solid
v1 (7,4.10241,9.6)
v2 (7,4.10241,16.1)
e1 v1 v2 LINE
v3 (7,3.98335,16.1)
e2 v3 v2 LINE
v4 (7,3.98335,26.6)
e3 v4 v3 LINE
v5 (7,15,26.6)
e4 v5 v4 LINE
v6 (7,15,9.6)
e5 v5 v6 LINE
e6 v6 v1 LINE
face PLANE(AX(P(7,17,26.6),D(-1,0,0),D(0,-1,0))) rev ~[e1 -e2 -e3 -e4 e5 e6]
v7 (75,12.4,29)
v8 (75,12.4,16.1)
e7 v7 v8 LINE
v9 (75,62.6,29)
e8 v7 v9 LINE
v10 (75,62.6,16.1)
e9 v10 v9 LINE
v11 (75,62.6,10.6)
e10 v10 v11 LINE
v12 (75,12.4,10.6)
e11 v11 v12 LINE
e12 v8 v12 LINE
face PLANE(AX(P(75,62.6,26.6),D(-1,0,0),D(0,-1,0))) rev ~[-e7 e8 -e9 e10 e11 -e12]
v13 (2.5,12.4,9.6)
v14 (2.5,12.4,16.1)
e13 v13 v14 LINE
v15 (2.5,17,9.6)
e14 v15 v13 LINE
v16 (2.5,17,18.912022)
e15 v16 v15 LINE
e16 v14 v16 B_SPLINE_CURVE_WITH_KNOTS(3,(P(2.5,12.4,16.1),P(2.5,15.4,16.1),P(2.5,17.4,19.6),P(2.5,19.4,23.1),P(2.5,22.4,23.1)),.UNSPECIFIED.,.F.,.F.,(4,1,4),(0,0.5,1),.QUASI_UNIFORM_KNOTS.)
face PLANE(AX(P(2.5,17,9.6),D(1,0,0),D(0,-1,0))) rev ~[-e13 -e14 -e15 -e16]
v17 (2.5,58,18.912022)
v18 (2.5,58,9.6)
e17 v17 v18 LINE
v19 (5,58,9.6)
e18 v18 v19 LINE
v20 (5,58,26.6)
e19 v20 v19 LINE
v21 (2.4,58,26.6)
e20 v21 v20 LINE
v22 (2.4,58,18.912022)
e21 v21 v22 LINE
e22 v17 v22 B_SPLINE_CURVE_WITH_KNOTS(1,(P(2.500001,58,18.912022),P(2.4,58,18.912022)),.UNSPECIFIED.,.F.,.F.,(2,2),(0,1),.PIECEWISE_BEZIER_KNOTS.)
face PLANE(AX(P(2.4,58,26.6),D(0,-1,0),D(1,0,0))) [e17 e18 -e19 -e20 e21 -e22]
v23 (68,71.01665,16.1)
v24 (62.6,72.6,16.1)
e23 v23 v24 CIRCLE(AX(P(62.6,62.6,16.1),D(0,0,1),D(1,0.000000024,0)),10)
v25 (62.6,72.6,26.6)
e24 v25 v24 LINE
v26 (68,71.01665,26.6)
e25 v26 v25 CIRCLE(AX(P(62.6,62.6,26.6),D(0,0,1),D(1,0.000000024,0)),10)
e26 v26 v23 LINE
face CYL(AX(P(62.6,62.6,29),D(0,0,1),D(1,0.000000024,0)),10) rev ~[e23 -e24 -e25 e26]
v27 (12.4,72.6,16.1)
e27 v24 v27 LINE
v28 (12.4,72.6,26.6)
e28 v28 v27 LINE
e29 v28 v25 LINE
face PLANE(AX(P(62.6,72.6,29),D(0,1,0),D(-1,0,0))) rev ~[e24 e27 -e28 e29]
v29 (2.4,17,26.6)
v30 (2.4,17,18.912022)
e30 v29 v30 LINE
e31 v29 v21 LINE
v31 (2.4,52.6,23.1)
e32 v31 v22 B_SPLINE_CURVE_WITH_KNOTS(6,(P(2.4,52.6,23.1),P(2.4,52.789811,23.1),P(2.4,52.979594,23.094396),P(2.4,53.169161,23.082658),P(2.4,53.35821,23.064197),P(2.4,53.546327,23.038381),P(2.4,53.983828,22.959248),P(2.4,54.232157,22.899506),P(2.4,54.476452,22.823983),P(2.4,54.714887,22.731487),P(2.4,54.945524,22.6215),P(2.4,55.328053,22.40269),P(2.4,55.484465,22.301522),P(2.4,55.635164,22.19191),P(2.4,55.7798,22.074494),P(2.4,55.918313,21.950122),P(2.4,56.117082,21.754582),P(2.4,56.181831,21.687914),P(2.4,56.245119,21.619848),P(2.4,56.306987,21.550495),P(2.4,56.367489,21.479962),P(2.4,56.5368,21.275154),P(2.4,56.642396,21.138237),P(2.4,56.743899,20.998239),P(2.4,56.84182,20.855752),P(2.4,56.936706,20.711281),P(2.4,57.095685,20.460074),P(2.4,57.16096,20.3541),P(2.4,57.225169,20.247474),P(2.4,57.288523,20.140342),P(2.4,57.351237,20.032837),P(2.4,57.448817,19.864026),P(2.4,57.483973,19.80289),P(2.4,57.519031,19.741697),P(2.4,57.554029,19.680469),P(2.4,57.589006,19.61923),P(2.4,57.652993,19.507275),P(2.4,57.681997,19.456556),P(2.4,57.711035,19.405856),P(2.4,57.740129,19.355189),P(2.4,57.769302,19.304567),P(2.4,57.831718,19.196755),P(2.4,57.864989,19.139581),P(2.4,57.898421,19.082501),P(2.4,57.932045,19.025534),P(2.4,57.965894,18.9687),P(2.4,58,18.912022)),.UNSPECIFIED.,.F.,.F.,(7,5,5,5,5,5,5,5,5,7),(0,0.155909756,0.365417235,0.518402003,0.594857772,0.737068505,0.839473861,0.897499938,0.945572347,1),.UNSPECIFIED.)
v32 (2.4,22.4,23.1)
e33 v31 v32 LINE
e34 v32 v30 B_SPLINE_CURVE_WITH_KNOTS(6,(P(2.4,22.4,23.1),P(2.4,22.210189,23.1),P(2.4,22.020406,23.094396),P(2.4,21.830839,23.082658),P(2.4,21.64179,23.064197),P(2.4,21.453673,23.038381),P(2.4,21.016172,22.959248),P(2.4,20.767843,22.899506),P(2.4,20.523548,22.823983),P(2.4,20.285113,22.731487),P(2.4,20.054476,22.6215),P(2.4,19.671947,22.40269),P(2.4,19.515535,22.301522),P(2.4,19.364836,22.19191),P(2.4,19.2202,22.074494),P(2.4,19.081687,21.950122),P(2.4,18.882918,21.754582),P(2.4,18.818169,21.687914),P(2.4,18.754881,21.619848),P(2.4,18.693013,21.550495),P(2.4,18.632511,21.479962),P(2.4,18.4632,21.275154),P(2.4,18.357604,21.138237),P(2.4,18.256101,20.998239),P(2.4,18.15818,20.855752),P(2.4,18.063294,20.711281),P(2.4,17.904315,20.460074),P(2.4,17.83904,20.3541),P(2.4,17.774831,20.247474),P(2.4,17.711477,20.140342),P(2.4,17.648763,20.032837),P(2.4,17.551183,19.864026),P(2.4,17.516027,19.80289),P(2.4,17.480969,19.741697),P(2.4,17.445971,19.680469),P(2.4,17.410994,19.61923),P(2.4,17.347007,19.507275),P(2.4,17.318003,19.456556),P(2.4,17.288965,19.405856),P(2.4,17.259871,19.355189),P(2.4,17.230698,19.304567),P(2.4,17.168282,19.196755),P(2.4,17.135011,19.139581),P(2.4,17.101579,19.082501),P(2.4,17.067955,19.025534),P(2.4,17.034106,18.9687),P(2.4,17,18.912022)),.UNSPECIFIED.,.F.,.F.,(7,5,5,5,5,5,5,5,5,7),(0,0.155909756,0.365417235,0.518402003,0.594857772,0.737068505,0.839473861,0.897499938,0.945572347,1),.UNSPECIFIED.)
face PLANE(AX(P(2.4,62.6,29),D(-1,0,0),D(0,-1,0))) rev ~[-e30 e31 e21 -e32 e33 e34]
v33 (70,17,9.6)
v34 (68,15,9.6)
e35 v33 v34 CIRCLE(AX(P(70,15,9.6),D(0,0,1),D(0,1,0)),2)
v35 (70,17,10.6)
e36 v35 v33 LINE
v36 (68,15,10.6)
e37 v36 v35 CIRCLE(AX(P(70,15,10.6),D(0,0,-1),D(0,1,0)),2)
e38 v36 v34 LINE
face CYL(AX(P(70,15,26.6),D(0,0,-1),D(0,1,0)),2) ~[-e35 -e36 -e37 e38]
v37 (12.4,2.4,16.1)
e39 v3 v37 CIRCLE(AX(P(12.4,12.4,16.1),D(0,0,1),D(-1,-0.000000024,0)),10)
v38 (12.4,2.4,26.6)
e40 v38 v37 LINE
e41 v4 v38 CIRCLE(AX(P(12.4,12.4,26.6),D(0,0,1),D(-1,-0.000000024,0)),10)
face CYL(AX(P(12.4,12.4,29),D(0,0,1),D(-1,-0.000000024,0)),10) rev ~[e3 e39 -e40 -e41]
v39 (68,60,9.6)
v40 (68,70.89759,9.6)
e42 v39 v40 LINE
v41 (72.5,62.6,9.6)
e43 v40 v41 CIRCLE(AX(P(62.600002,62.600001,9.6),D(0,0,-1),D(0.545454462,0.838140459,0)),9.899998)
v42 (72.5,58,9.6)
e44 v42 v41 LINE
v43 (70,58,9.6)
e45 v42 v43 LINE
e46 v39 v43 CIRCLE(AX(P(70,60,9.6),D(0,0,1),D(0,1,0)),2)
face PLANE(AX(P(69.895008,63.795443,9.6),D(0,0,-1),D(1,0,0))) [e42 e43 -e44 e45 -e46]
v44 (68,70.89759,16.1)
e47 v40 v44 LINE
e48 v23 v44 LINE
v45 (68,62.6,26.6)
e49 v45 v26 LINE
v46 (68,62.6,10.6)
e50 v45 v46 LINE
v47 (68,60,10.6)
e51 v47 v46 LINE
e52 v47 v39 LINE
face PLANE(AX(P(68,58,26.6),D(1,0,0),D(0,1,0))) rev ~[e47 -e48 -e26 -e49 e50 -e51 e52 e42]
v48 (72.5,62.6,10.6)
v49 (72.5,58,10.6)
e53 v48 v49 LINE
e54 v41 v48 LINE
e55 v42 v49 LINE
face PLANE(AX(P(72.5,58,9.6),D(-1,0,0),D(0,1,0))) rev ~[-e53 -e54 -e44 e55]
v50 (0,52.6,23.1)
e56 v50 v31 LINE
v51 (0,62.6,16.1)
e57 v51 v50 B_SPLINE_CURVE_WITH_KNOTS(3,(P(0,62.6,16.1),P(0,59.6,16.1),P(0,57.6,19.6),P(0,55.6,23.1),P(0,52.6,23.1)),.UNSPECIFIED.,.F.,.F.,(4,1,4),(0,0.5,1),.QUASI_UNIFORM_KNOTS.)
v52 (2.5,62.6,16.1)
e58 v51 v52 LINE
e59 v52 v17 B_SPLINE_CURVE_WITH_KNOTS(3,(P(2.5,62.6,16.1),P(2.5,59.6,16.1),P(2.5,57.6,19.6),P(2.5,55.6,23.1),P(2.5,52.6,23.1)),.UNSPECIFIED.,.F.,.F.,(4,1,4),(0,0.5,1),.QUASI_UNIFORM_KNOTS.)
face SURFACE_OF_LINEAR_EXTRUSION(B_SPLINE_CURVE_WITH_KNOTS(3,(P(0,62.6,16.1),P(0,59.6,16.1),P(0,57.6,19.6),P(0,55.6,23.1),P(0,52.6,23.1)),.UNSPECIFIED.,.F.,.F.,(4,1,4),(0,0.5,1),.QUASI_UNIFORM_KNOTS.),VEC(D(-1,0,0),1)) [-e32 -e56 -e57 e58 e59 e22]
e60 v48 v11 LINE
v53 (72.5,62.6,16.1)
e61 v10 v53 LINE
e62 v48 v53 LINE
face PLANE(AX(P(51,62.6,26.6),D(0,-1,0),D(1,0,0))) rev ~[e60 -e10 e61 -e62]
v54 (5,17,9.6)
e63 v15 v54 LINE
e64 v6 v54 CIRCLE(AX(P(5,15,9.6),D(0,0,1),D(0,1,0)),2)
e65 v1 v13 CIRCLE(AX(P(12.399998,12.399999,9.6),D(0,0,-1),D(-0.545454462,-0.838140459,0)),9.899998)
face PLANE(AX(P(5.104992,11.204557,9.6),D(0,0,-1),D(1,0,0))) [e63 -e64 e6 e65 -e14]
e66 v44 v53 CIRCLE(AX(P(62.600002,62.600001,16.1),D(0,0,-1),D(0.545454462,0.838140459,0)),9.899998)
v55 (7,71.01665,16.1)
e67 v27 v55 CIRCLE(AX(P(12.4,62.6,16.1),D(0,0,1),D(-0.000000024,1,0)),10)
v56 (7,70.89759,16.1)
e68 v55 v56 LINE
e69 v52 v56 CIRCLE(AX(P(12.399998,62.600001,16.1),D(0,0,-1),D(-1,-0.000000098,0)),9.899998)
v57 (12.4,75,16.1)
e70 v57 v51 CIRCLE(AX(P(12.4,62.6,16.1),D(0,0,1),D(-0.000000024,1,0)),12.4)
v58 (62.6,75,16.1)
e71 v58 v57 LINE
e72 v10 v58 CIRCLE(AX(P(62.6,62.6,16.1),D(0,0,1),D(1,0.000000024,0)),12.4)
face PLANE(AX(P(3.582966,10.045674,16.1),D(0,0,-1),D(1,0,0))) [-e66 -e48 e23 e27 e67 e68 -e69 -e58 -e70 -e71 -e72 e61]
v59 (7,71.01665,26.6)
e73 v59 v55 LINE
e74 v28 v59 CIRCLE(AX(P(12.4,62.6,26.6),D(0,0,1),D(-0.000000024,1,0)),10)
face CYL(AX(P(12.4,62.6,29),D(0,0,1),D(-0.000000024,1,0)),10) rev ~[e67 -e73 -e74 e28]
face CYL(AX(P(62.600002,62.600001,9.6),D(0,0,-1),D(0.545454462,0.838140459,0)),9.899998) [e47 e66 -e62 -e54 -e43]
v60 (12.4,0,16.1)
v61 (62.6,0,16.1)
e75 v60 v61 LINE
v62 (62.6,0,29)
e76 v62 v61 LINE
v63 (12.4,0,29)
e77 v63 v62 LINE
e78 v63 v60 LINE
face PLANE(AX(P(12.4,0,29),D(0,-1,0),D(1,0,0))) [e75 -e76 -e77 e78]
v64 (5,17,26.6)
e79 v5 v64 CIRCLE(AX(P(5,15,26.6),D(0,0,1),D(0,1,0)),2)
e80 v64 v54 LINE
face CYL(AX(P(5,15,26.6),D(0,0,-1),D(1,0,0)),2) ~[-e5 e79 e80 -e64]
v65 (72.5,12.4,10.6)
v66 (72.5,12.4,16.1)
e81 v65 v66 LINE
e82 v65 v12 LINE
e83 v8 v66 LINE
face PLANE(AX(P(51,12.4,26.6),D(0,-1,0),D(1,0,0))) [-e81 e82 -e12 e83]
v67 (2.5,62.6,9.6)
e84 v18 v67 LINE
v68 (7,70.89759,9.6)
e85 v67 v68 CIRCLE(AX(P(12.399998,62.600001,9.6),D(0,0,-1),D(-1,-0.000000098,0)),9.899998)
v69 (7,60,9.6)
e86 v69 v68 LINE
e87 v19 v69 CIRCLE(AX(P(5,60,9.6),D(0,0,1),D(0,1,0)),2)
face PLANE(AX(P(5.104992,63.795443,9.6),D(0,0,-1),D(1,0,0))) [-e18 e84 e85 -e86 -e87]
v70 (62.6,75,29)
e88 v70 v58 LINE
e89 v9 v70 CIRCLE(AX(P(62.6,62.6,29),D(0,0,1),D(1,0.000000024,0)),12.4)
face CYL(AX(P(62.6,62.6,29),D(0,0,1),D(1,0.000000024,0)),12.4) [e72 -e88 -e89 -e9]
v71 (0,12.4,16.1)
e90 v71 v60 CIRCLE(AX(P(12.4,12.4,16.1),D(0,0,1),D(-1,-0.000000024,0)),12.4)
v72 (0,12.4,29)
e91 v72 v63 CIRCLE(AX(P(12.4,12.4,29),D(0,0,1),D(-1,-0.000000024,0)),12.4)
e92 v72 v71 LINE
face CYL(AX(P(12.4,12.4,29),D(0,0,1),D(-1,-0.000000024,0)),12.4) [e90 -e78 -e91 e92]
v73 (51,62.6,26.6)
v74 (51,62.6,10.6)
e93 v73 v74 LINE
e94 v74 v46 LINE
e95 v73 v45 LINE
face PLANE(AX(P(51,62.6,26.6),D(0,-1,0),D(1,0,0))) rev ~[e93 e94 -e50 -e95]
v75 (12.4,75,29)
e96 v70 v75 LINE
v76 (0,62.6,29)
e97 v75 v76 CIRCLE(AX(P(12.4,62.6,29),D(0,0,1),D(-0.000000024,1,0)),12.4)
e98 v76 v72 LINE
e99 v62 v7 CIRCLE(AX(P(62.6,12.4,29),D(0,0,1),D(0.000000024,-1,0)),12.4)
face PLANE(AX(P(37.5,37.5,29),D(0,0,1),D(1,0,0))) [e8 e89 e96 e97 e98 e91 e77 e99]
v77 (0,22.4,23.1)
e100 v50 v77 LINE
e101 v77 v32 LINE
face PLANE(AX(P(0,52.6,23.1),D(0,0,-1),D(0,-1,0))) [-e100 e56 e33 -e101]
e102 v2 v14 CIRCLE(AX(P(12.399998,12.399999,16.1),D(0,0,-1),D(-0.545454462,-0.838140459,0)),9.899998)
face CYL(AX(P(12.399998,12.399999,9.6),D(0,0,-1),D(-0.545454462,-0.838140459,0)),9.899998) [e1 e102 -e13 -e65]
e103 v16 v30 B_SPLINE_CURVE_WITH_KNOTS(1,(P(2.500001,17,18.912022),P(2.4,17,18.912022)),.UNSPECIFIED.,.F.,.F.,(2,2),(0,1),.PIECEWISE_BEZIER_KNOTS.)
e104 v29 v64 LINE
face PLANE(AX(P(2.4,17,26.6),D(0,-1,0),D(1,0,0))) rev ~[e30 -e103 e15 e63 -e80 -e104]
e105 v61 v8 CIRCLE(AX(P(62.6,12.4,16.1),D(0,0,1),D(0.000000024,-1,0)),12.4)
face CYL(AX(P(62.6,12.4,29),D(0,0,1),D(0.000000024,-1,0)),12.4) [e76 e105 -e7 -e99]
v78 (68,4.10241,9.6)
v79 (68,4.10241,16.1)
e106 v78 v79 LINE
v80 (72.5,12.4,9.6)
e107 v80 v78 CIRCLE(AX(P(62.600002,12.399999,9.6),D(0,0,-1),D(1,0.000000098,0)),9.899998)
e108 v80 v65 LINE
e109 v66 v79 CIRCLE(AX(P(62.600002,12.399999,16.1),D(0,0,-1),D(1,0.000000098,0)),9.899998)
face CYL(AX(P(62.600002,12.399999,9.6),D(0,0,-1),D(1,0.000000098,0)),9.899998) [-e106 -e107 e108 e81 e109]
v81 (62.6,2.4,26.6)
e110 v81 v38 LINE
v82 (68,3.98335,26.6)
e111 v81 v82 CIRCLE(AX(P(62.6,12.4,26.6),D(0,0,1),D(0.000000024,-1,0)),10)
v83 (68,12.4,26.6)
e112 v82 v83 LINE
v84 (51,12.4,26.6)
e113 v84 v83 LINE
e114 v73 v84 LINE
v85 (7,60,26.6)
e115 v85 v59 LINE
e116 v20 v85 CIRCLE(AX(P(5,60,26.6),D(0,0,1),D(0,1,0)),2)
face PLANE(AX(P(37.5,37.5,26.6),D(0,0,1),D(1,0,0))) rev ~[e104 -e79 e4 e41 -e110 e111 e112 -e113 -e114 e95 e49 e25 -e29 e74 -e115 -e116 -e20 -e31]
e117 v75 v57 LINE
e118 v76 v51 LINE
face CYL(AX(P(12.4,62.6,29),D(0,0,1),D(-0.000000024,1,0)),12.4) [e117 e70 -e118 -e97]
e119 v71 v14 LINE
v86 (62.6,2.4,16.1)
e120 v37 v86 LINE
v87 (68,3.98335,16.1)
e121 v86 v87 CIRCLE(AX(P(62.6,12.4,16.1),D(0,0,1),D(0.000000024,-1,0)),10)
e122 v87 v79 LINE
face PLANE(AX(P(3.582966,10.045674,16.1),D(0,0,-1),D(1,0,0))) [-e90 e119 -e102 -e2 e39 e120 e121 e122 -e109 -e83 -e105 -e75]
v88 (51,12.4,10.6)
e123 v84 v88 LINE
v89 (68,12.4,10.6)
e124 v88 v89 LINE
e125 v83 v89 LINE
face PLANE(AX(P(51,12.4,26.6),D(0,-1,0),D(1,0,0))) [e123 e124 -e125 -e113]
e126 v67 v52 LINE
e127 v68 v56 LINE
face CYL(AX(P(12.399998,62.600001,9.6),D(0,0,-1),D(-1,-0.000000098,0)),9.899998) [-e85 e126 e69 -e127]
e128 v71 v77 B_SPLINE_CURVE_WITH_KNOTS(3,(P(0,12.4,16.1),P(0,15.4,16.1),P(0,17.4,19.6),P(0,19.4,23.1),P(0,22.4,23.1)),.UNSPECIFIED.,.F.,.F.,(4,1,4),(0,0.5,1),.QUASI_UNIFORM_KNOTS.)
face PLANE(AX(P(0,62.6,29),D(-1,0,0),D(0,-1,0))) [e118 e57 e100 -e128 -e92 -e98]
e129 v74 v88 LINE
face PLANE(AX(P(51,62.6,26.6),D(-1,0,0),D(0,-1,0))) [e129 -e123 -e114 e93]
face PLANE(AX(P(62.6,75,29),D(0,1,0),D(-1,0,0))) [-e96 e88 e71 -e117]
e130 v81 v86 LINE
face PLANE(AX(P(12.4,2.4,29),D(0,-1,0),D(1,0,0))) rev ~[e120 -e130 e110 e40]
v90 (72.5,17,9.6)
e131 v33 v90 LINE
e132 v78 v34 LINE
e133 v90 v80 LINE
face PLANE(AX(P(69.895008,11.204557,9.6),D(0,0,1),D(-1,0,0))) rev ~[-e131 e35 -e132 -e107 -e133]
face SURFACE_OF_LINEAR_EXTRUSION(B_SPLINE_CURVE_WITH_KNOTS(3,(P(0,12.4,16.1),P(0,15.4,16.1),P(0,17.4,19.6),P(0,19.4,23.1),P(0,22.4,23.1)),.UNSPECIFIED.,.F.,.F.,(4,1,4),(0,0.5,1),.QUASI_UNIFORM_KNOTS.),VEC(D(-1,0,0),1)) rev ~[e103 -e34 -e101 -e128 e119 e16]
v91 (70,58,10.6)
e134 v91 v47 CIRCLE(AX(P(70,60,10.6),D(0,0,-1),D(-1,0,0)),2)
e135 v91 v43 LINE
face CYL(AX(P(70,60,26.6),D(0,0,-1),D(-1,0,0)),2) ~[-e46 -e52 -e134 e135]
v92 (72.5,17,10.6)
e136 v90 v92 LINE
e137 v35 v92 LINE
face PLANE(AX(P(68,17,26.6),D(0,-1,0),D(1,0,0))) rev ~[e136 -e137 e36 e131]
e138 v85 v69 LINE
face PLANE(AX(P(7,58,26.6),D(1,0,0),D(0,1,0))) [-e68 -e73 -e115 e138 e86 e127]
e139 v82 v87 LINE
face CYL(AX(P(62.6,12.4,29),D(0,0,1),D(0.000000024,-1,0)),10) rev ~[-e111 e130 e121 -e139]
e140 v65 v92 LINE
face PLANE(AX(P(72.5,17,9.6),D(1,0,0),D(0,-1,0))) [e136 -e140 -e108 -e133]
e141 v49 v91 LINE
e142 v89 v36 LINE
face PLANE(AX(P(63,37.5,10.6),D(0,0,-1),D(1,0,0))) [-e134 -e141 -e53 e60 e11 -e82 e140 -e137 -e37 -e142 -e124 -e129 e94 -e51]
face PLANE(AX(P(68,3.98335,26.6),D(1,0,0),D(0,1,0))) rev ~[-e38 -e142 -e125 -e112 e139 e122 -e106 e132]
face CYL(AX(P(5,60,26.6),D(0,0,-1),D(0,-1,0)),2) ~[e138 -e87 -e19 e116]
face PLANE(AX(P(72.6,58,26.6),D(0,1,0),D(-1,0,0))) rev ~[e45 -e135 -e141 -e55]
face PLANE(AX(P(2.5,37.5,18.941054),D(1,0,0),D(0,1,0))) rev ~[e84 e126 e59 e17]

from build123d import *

# Parameters (mm, degrees)
PAD006_DEPTH    = 12.9
THICKNESS_T     = -2.4
PAD007_DEPTH    = 17
FILLET004_R     = 2
POCKET007_DEPTH = 6.5
POCKET008_DEPTH = 6.5
POCKET009_DEPTH = 6.5
POCKET010_DEPTH = 2.5
SKETCH020_W     = 24
SKETCH020_H     = 50.2
PAD008_DEPTH    = 16


with BuildPart() as part:
    # Sketch013 → Pad006 (new body)
    with BuildSketch(Plane.XY):
        with BuildLine():
            Line((12.4, 0), (62.6, 0))
            ThreePointArc((62.6, 0), (71.368124, 3.631876), (75, 12.4))
            Line((75, 12.4), (75, 62.6))
            ThreePointArc((75, 62.6), (71.368124, 71.368124), (62.6, 75))
            Line((62.6, 75), (12.4, 75))
            ThreePointArc((12.4, 75), (3.631876, 71.368124), (0, 62.6))
            Line((0, 62.6), (0, 12.4))
            ThreePointArc((0, 12.4), (3.631876, 3.631876), (12.4, 0))
        make_face()
    extrude(amount=-PAD006_DEPTH)

    # Thickness
    thickness_openings = [part.faces().sort_by_distance(p)[0] for p in [
        (37.5, 37.5, -12.9),
    ]]
    offset(amount=THICKNESS_T, openings=thickness_openings)

    # Sketch014 (on Face19 of Thickness) → Pad007 (join)
    with BuildSketch(Plane(origin=(0, 0, -2.4), x_dir=(1, 0, 0), z_dir=(0, 0, -1))):
        with BuildLine():
            Line((7, -12.4), (7, -3.98335))
            ThreePointArc((7, -3.98335), (3.625036, -7.604168), (2.4, -12.4))
            Line((2.4, -12.4), (2.4, -17))
            Line((2.4, -17), (7, -17))
            Line((7, -17), (7, -12.4))
        make_face()
        with BuildLine():
            Line((68, -12.4), (68, -3.98335))
            ThreePointArc((72.6, -12.4), (71.374964, -7.604168), (68, -3.98335))
            Line((72.6, -17), (72.6, -12.4))
            Line((68, -17), (72.6, -17))
            Line((68, -12.4), (68, -17))
        make_face()
        with BuildLine():
            Line((68, -62.6), (68, -71.01665))
            ThreePointArc((68, -71.01665), (71.374964, -67.395832), (72.6, -62.6))
            Line((72.6, -58), (72.6, -62.6))
            Line((72.6, -58), (68, -58))
            Line((68, -58), (68, -62.6))
        make_face()
        with BuildLine():
            Line((7, -62.6), (7, -71.01665))
            ThreePointArc((2.4, -62.6), (3.625036, -67.395832), (7, -71.01665))
            Line((2.4, -62.6), (2.4, -58))
            Line((2.4, -58), (7, -58))
            Line((7, -58), (7, -62.6))
        make_face()
    extrude(amount=PAD007_DEPTH)

    # Fillet004
    fillet004_edges = [part.edges().sort_by_distance(p)[0] for p in [
        (68, 58, -10.9),
        (68, 17, -10.9),
        (7, 58, -10.9),
        (7, 17, -10.9),
    ]]
    fillet(fillet004_edges, radius=FILLET004_R)

    # Sketch015 (on Face22 of Fillet004) → Pocket007 (cut)
    with BuildSketch(Plane(origin=(0, 0, -19.4), x_dir=(1, 0, 0), z_dir=(0, 0, -1))):
        with BuildLine():
            Line((2.4, -17), (2.5, -17))
            Line((2.5, -17), (2.5, -12.4))
            ThreePointArc((7, -4.10241), (3.697414, -7.68036), (2.5, -12.4))
            Line((7, -3.98335), (7, -4.10241))
            ThreePointArc((7, -3.98335), (3.625036, -7.604168), (2.4, -12.4))
            Line((2.4, -17), (2.4, -12.4))
        make_face()
        with BuildLine():
            Line((72.6, -17), (72.6, -12.4))
            ThreePointArc((72.6, -12.4), (71.374964, -7.604168), (68, -3.98335))
            Line((68, -3.98335), (68, -4.10241))
            ThreePointArc((72.5, -12.4), (71.302586, -7.68036), (68, -4.10241))
            Line((72.5, -17), (72.5, -12.4))
            Line((72.6, -17), (72.5, -17))
        make_face()
    extrude(amount=-POCKET007_DEPTH, mode=Mode.SUBTRACT)

    # Sketch016 (on Face41 of Pocket007) → Pocket008 (cut)
    with BuildSketch(Plane(origin=(0, 0, -19.4), x_dir=(1, 0, 0), z_dir=(0, 0, -1))):
        with BuildLine():
            Line((72.6, -58), (72.6, -62.6))
            ThreePointArc((68, -71.01665), (71.374964, -67.395832), (72.6, -62.6))
            Line((68, -71.01665), (68, -70.89759))
            ThreePointArc((68, -70.89759), (71.302586, -67.31964), (72.5, -62.6))
            Line((72.5, -58), (72.5, -62.6))
            Line((72.6, -58), (72.5, -58))
        make_face()
    extrude(amount=-POCKET008_DEPTH, mode=Mode.SUBTRACT)

    # Sketch017 (on Face31 of Pocket008) → Pocket009 (cut)
    with BuildSketch(Plane(origin=(0, 0, -19.4), x_dir=(1, 0, 0), z_dir=(0, 0, -1))):
        with BuildLine():
            ThreePointArc((2.4, -62.6), (3.625036, -67.395832), (7, -71.01665))
            Line((7, -71.01665), (7, -70.89759))
            ThreePointArc((2.5, -62.6), (3.697414, -67.31964), (7, -70.89759))
            Line((2.5, -58), (2.5, -62.6))
            Line((2.4, -58), (2.5, -58))
            Line((2.4, -58), (2.4, -62.6))
        make_face()
    extrude(amount=-POCKET009_DEPTH, mode=Mode.SUBTRACT)

    # Sketch019 (on Face5 of Pocket009) → Pocket010 (cut)
    with BuildSketch(Plane(origin=(0, 0, 0), x_dir=(0, -1, 0), z_dir=(-1, 0, 0))):
        with BuildLine():
            Line((-12.4, -12.9), (-62.6, -12.9))
            add(Edge.make_bspline(
                [(-62.6, -12.9), (-59.6, -12.9), (-57.6, -9.4), (-55.6, -5.9), (-52.6, -5.9)],
                knots=[0, 0, 0, 0, 0.5, 1, 1, 1, 1], degree=3))
            Line((-52.6, -5.9), (-22.4, -5.9))
            add(Edge.make_bspline(
                [(-12.4, -12.9), (-15.4, -12.9), (-17.4, -9.4), (-19.4, -5.9), (-22.4, -5.9)],
                knots=[0, 0, 0, 0, 0.5, 1, 1, 1, 1], degree=3))
        make_face()
    extrude(amount=-POCKET010_DEPTH, mode=Mode.SUBTRACT)

    # Sketch020 (on Face36 of Pocket010) → Pad008 (join)
    with BuildSketch(Plane(origin=(0, 0, -2.4), x_dir=(1, 0, 0), z_dir=(0, 0, -1))):
        with Locations((63, -37.5)):
            Rectangle(SKETCH020_W, SKETCH020_H)
    extrude(amount=PAD008_DEPTH)


with BuildPart() as part_1:
    # Body001 placement: moved
    add(part.part.moved(Location((0, 0, 29))))


solid = part_1.part
